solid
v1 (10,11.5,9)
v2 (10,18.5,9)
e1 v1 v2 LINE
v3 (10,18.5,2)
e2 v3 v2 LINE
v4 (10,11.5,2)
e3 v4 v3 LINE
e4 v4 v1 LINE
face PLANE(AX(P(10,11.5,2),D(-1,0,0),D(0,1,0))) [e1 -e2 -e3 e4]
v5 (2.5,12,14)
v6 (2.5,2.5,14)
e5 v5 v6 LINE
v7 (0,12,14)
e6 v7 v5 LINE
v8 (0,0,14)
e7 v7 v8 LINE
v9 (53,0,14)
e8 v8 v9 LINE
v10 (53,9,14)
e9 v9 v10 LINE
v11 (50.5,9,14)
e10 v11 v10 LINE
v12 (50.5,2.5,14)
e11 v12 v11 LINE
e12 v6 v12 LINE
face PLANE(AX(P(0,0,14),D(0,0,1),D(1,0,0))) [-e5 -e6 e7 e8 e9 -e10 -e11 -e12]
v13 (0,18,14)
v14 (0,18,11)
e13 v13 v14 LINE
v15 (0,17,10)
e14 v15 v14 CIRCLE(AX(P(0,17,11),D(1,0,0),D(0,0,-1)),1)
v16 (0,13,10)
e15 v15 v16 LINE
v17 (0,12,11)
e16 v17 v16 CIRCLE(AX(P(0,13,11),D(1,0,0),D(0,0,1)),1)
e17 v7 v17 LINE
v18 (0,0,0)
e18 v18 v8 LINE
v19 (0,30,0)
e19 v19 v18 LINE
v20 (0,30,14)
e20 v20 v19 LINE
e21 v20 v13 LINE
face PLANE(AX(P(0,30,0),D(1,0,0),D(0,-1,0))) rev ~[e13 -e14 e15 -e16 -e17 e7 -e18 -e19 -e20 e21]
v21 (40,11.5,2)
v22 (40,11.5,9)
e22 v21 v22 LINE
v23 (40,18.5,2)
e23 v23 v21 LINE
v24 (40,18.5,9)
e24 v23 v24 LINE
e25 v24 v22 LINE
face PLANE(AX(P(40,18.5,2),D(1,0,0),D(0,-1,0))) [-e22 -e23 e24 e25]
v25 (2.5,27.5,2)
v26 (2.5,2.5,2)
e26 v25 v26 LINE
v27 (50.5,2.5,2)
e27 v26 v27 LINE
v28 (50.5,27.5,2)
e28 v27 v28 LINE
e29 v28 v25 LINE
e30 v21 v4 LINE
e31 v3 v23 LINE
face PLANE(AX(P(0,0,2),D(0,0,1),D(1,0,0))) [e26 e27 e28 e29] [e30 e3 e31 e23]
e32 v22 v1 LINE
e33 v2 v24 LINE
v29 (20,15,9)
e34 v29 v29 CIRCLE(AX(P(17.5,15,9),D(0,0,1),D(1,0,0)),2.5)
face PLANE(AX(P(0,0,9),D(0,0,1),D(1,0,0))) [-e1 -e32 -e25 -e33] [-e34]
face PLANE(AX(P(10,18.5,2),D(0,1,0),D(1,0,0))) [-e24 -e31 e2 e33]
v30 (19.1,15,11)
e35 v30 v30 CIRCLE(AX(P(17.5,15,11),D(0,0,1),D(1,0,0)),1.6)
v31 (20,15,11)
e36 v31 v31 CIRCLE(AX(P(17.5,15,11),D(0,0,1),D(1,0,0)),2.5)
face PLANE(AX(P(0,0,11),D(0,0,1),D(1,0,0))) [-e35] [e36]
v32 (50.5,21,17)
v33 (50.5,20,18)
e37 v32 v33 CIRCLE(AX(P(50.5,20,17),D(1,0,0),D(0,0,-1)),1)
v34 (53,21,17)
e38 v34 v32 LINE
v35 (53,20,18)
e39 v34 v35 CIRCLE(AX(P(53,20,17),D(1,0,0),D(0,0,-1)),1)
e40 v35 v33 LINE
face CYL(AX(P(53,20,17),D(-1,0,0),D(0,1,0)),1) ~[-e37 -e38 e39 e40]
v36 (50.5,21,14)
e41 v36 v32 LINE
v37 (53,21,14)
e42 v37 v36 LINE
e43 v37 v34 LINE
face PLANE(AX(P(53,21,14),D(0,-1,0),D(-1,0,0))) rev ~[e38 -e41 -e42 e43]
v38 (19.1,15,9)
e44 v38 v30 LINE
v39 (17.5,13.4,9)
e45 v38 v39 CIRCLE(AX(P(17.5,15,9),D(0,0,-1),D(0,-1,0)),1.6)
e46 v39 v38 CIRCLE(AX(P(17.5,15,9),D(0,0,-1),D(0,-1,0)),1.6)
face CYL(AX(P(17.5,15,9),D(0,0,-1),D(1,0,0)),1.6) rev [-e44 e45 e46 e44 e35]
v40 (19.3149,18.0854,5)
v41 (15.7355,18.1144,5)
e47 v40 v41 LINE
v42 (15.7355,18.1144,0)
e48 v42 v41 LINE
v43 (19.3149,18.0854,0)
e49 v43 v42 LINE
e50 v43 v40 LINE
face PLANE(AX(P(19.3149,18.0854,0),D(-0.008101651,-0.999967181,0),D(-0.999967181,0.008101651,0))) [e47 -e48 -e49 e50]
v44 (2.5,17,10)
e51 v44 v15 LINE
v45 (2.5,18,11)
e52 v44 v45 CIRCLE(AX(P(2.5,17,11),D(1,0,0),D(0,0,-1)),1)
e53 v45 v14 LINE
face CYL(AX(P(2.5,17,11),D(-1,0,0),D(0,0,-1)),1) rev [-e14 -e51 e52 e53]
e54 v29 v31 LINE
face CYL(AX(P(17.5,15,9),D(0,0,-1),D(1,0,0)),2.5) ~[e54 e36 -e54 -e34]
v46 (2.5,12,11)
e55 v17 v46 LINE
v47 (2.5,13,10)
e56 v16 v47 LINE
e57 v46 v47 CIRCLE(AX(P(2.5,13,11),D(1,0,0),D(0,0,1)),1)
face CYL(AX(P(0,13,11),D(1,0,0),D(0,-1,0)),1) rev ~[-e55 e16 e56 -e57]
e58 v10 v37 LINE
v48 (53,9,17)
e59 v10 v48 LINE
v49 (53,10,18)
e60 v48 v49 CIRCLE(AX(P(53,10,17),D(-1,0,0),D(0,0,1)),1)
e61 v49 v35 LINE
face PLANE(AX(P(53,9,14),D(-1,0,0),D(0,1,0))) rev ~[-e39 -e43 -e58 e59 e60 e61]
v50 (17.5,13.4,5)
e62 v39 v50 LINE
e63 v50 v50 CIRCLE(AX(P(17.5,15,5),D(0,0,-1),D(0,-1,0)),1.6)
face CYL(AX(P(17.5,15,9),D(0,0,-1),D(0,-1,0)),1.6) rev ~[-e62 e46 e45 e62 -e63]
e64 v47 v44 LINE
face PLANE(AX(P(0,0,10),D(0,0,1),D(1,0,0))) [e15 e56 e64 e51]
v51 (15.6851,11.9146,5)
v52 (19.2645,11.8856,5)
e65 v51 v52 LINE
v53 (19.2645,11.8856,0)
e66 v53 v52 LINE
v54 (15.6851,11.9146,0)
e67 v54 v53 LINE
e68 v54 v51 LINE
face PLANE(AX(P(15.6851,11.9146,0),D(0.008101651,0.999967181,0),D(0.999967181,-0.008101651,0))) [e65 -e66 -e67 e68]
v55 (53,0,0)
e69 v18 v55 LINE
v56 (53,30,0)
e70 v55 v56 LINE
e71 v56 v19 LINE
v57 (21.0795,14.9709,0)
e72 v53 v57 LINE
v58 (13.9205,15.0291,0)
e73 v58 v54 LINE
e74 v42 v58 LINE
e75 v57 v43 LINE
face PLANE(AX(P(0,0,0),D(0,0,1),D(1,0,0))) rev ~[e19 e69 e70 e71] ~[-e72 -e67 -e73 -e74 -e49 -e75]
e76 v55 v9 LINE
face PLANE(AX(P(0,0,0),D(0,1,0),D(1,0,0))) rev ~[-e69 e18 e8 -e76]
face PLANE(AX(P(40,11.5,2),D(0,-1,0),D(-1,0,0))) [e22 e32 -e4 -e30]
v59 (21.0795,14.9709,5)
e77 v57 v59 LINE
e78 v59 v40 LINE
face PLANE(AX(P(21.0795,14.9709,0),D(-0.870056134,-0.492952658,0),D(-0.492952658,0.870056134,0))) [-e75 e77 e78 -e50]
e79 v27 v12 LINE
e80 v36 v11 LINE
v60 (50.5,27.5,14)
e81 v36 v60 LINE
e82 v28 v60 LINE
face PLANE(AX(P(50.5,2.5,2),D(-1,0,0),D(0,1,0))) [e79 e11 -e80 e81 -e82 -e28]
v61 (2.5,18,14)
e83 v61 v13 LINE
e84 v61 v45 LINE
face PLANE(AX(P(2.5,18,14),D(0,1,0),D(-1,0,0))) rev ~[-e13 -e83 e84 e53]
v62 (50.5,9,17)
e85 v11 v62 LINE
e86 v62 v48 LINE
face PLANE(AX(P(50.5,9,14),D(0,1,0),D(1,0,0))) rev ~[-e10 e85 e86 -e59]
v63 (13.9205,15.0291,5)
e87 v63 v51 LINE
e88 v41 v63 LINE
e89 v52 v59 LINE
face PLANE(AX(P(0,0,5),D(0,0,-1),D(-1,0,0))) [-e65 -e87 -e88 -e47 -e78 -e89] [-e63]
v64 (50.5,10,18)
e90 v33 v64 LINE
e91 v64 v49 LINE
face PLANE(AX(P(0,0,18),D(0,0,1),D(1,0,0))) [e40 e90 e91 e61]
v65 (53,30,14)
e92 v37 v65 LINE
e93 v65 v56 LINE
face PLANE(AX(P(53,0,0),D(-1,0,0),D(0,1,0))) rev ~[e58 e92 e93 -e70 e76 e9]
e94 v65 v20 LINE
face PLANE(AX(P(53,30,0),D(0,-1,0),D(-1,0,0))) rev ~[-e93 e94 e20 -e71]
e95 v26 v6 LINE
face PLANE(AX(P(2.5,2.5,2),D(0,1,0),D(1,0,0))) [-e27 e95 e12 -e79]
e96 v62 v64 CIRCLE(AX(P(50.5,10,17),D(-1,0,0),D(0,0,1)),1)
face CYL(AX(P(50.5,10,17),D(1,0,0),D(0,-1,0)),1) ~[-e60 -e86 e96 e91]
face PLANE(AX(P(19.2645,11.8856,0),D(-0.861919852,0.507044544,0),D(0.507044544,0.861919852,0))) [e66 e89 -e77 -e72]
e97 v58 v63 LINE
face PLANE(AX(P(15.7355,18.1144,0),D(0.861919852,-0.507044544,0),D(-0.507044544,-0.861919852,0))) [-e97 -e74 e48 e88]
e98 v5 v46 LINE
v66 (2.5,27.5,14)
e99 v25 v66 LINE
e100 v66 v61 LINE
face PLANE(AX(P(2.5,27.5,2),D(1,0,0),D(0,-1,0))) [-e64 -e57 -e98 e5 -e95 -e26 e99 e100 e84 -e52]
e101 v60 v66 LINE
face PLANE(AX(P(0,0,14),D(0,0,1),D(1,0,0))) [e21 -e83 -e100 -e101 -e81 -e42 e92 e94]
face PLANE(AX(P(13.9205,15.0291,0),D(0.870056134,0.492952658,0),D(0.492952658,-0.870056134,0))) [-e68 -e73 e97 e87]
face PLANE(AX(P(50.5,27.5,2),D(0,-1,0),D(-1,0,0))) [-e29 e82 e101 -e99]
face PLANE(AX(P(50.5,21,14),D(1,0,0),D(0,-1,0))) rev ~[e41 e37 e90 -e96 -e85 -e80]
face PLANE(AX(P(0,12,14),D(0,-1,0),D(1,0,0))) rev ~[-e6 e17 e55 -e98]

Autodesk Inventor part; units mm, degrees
ref_plane "YZ Plane" through (0, 0, 0) normal (1, 0, 0) x (0, 1, 0)
ref_plane "XZ Plane" through (0, 0, 0) normal (0, 1, 0) x (-1, 0, 0)
ref_plane "XY Plane" through (0, 0, 0) normal (0, 0, 1) x (1, 0, 0)
sketch "Skizze1" plane through (0, 0, 0) normal (0, 0, 1) x (1, 0, 0)
  line L0 (0, 0) -> (53, 0)
  line L1 (53, 0) -> (53, 30)
  line L2 (53, 30) -> (0, 30)
  line L3 (0, 30) -> (0, 0)
  dimension "d0" = 30
  dimension "d1" = 53
extrude "Extrusion1" add sketch "Skizze1" along normal blind 2
sketch "Skizze2" plane through (0, 0, 2) normal (0, 0, 1) x (1, 0, 0)
  line L0 (0, 0) -> (53, 0)
  line L1 (53, 0) -> (53, 30)
  line L2 (53, 30) -> (0, 30)
  line L3 (0, 30) -> (0, 0)
  line L4 (2.5, 2.5) -> (50.5, 2.5)
  line L5 (50.5, 2.5) -> (50.5, 27.5)
  line L6 (50.5, 27.5) -> (2.5, 27.5)
  line L7 (2.5, 27.5) -> (2.5, 2.5)
  dimension "d4" = 25
  dimension "d5" = 48
  dimension "d6" = 2.5
  dimension "d7" = 2.5
  dimension "d8" = 2.5
  dimension "d9" = 2.5
extrude "Extrusion2" add sketch "Skizze2" along normal blind 12
sketch "Skizze3" plane through (0, 0, 2) normal (0, 0, 1) x (1, 0, 0)
  line L0 (10, 18.5) -> (40, 18.5)
  line L1 (40, 18.5) -> (40, 11.5)
  line L2 (40, 11.5) -> (10, 11.5)
  line L3 (10, 11.5) -> (10, 18.5)
  line L4 (0, 30) -> (0, 0) projected
  line L5 (50.5, 27.5) -> (2.5, 27.5) projected
  line L6 (2.5, 2.5) -> (50.5, 2.5) projected
  dimension "d12" = 10
  dimension "d13" = 30
  dimension "d14" = 7
  dimension "d15" = 9
  dimension "d16" = 9
extrude "Extrusion3" add sketch "Skizze3" along normal blind 7
hole "Bohrung1" at (17.5, 15, 9) direction (0, 0, -1) diameter 3.2 end through all
sketch "Skizze4" plane through (0, 0, 0) normal (0, 0, -1) x (-1, 0, 0)
  line L0 (-19.3149, 18.0854) -> (-15.7355, 18.1144)
  line L1 (-15.7355, 18.1144) -> (-13.9205, 15.0291)
  line L2 (-13.9205, 15.0291) -> (-15.6851, 11.9146)
  line L3 (-15.6851, 11.9146) -> (-19.2645, 11.8856)
  line L4 (-19.2645, 11.8856) -> (-21.0795, 14.9709)
  line L5 (-21.0795, 14.9709) -> (-19.3149, 18.0854)
  line L6 (-2.5, 2.5) -> (-50.5, 2.5) projected
  line L7 (-2.5, 27.5) -> (-2.5, 2.5) projected
  point P0 (0, 0)
  point P1 (-17.5, 15)
  dimension "d28" = 6.2
  dimension "d29" = 12.5
  dimension "d30" = 15
extrude "Extrusion4" cut sketch "Skizze4" against normal blind 5
sketch "Skizze5" plane through (0, 0, 9) normal (0, 0, 1) x (1, 0, 0)
  circle A0 centre (17.5, 15) radius 2.5
  line L0 (2.5, 2.5) -> (2.5, 27.5) projected
  line L1 (40, 18.5) -> (10, 18.5) projected
  circle A1 centre (17.5, 15) radius 1.6
  point P0 (0, 0)
  dimension "d33" = 5
  dimension "d34" = 15
  dimension "d35" = 3.5
extrude "Extrusion5" add sketch "Skizze5" along normal blind 2
sketch "Skizze6" plane through (0, 0, 14) normal (0, 0, 1) x (1, 0, 0)
  line L0 (50.5, 27.5) -> (50.5, 2.5) projected
  line L1 (53, 0) -> (53, 30) projected
  line L2 (50.5, 9) -> (53, 9)
  line L3 (53, 9) -> (53, 21)
  line L4 (53, 21) -> (50.5, 21)
  line L5 (50.5, 21) -> (50.5, 9)
  line L6 (0, 0) -> (53, 0) projected
  line L7 (53, 30) -> (0, 30) projected
  dimension "d38" = 12
  dimension "d39" = 9
  dimension "d40" = 9
extrude "Extrusion6" add sketch "Skizze6" along normal blind 4
sketch "Skizze7" plane through (0, 0, 14) normal (0, 0, 1) x (1, 0, 0)
  line L0 (0, 30) -> (0, 0) projected
  line L1 (2.5, 2.5) -> (2.5, 27.5) projected
  line L2 (0, 12) -> (2.5, 12)
  line L3 (2.5, 12) -> (2.5, 18)
  line L4 (2.5, 18) -> (0, 18)
  line L5 (0, 18) -> (0, 12)
  line L6 (0, 0) -> (53, 0) projected
  line L7 (53, 30) -> (0, 30) projected
  dimension "d43" = 6
  dimension "d44" = 12
  dimension "d45" = 12
extrude "Extrusion7" cut sketch "Skizze7" against normal blind 4
fillet "Rundung1" radius 1 4 edges at (51.75, 21, 18) (51.75, 9, 18) (1.25, 18, 10) (1.25, 12, 10)
properties part number "V2_unterteil"
